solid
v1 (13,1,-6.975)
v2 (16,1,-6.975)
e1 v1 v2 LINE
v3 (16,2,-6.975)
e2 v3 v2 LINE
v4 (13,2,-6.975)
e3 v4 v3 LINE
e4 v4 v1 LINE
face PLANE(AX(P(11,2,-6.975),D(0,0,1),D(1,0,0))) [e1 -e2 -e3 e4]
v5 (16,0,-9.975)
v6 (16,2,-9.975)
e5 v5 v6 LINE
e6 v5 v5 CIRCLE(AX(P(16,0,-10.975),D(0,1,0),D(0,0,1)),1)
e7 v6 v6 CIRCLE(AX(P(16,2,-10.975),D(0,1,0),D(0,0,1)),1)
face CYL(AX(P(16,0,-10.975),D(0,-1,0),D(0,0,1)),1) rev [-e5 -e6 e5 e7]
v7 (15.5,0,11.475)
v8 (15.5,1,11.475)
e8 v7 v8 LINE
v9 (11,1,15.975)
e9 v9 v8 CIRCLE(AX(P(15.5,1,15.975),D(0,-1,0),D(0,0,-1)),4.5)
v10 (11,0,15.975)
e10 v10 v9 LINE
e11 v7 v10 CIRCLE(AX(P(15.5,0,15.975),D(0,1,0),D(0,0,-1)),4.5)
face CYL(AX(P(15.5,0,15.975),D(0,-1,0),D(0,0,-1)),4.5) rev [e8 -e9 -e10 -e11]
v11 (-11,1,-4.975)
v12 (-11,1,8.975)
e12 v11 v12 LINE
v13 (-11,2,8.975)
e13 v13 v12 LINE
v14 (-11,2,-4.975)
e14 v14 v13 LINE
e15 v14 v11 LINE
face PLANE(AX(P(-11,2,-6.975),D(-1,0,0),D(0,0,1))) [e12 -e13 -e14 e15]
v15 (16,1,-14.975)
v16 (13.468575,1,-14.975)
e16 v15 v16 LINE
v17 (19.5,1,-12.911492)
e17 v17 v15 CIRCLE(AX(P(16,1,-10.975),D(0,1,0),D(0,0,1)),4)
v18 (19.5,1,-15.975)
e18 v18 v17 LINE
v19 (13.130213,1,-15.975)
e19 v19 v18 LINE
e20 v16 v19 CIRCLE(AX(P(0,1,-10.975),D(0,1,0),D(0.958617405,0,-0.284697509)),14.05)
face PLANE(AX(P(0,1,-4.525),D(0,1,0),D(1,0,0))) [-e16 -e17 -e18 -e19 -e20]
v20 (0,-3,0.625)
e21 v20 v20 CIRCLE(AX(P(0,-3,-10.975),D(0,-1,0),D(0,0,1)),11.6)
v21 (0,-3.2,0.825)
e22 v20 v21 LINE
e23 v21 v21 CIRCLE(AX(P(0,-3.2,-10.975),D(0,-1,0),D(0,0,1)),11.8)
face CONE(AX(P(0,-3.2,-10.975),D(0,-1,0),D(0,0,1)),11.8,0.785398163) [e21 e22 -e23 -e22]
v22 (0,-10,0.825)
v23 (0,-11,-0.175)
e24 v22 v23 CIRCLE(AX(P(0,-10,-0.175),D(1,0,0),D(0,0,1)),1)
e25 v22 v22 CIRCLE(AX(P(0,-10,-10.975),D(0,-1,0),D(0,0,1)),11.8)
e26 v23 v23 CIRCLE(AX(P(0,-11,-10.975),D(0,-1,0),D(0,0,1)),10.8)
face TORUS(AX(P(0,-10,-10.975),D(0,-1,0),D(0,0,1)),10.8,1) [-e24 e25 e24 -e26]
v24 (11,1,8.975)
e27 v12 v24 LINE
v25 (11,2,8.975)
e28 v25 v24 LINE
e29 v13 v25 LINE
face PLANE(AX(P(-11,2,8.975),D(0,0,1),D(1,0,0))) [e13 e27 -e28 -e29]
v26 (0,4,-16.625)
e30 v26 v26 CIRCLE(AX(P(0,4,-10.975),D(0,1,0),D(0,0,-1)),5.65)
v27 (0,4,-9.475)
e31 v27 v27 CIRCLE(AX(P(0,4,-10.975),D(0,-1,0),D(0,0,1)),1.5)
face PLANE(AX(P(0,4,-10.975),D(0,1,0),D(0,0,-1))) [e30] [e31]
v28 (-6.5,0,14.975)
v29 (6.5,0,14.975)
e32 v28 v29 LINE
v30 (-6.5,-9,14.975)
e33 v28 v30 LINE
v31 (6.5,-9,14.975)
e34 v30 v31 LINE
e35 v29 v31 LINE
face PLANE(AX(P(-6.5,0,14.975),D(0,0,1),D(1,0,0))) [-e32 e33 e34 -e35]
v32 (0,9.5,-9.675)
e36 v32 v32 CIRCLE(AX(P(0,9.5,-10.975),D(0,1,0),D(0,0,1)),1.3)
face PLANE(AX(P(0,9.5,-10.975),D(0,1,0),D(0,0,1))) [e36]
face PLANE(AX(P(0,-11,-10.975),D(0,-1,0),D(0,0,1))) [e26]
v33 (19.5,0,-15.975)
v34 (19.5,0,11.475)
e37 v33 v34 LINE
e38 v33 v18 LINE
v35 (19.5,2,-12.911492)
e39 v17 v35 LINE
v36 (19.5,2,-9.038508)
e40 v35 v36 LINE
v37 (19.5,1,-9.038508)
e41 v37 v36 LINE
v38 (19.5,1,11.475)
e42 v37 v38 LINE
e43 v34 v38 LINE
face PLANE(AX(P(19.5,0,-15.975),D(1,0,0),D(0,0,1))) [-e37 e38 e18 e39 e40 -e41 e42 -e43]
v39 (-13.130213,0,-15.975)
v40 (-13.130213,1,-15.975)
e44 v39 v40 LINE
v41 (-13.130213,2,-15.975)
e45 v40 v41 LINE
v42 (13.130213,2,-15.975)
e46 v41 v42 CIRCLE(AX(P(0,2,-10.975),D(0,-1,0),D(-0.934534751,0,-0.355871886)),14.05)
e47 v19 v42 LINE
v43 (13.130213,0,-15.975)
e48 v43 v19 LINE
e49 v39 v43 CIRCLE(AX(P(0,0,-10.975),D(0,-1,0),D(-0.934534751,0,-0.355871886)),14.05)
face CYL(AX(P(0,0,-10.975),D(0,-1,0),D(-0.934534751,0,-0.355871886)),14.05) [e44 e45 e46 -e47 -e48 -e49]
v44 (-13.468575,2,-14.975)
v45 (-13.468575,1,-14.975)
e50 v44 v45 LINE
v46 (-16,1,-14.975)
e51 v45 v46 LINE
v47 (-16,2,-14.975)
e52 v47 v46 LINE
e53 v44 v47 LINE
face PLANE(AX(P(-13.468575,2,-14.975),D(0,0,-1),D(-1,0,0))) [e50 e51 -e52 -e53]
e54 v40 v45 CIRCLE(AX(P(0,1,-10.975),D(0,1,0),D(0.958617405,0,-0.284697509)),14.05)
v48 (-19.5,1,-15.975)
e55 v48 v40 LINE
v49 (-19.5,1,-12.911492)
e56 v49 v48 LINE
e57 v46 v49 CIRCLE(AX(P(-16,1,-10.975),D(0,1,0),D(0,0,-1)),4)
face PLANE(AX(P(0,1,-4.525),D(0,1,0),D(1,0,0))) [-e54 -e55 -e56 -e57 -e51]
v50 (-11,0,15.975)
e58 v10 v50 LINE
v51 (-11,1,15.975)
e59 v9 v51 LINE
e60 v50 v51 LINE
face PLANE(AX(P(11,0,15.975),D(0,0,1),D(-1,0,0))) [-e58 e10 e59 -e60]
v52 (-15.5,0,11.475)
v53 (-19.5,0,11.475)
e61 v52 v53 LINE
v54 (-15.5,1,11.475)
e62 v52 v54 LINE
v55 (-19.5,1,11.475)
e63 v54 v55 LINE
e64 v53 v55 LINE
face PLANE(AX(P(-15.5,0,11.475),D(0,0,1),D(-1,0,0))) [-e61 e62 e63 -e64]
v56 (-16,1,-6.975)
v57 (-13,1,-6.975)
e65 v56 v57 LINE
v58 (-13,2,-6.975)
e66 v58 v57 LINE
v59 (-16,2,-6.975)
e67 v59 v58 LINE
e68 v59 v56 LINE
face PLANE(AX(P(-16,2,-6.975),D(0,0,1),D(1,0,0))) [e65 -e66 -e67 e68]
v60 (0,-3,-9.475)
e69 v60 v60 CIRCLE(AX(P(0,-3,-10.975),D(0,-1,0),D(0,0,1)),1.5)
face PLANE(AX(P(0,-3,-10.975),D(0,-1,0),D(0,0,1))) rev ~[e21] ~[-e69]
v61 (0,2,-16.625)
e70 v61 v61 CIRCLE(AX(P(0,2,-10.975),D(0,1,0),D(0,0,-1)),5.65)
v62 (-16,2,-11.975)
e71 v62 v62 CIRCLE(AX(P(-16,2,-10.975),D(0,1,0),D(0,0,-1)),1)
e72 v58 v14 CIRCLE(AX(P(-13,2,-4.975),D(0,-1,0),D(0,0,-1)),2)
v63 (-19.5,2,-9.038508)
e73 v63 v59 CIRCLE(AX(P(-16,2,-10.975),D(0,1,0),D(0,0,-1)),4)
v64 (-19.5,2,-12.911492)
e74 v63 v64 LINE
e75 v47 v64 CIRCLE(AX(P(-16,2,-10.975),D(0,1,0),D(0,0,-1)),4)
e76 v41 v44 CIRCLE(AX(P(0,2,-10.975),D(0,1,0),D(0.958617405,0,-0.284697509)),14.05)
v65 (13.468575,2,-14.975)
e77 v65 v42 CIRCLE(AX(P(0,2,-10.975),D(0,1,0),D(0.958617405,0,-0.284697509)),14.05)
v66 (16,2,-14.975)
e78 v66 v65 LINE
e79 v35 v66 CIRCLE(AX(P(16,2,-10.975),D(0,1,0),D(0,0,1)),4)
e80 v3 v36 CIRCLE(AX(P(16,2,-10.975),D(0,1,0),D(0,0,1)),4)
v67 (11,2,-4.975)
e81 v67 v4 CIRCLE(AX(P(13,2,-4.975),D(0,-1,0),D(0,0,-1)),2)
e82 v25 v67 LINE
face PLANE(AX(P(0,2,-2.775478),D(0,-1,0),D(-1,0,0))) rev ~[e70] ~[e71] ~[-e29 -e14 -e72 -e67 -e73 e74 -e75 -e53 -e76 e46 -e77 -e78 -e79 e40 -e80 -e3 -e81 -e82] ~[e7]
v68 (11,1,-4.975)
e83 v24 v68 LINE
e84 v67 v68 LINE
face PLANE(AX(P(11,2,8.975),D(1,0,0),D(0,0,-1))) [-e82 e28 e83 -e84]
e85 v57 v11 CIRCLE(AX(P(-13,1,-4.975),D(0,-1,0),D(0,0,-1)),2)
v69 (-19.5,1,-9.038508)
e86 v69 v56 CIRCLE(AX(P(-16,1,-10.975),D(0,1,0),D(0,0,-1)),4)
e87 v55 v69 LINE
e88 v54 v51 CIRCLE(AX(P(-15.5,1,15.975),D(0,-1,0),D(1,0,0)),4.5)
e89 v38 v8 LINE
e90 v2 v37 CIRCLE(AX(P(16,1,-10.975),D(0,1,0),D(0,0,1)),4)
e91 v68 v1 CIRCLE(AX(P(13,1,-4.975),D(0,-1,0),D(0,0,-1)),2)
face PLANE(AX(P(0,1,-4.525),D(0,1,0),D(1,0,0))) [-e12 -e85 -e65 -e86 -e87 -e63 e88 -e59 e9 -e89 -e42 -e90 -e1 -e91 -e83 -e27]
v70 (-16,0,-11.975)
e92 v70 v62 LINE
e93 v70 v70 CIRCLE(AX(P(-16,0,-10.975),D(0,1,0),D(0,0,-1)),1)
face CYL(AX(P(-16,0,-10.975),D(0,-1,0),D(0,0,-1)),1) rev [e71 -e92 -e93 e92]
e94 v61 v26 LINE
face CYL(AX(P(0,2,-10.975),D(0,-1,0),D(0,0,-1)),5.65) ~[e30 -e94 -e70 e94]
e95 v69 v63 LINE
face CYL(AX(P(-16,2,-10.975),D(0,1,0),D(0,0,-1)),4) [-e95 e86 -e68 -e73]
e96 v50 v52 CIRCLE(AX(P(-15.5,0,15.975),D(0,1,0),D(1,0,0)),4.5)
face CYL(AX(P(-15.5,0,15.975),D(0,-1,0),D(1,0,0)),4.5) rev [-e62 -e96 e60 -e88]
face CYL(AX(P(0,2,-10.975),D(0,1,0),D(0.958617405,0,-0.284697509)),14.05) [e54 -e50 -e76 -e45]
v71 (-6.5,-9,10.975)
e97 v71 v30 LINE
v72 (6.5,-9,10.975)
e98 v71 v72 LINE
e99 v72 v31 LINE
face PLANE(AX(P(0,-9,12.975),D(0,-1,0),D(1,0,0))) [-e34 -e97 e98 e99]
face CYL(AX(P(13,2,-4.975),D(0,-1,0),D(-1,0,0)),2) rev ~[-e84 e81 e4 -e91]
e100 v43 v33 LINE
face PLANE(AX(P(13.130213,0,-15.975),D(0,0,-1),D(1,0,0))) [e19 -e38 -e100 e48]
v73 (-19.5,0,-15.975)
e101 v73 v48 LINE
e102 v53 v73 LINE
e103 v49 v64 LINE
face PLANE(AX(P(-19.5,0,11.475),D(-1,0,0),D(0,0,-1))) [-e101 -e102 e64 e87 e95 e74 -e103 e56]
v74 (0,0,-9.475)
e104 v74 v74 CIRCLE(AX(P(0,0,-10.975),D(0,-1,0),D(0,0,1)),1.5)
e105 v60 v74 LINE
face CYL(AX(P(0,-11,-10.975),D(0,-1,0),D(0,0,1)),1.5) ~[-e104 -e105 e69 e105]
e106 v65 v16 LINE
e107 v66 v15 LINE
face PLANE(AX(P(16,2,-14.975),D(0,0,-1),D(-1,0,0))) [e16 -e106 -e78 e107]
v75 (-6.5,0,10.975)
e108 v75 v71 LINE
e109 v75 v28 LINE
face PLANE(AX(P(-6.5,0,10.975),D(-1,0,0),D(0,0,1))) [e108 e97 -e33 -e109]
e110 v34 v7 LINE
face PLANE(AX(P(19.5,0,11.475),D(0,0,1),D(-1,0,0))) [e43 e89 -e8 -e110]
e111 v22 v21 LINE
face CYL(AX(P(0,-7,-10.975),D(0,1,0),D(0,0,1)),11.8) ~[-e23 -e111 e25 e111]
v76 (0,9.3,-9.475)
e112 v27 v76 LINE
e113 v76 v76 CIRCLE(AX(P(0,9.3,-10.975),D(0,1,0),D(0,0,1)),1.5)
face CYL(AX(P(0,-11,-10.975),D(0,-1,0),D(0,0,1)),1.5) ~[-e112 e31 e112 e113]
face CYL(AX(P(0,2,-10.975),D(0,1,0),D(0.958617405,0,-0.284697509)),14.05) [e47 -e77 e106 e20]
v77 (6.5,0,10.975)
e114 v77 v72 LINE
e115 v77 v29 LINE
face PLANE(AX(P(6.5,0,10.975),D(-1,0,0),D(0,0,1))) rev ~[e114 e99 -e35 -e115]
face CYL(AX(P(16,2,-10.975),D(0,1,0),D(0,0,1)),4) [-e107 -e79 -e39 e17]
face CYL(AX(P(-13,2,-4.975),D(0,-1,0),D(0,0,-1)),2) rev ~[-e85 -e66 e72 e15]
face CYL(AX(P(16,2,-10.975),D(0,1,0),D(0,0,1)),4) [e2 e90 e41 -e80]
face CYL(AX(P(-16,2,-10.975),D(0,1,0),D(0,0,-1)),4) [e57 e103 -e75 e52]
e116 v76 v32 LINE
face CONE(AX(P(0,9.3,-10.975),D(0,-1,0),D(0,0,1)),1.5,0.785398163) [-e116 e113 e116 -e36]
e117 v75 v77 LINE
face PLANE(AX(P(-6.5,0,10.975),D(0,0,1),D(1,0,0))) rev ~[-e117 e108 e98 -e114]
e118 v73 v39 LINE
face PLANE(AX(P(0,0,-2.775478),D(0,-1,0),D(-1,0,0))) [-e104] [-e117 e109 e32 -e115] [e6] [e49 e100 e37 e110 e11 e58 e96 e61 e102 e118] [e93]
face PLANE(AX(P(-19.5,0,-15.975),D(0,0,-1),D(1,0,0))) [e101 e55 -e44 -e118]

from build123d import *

# Parameters (mm, degrees)
SKETCH_1_R           = 1
EXTRUDE_1_DEPTH      = 2
SKETCH_2_R           = 5.65
EXTRUDE_2_DEPTH      = 2
EXTRUDE_3_DEPTH      = 5.5
EXTRUDE_3_DEPTH_BACK = 15
SKETCH_3_R           = 1.5
SKETCH_4_W           = 11.8
SKETCH_4_H           = 8
FILLET_1_R           = 1
SKETCH_5_OUTSIDE_W   = 53.038
SKETCH_5_OUTSIDE_H   = 55.038
CUT_EXTRUDE_4_DEPTH  = 1
FILLET_2_R           = 2
CHAMFER_1_SIZE       = 0.2
SKETCH_6_W           = 13
SKETCH_6_H           = 4
EXTRUDE_4_DEPTH      = 9


with BuildPart() as part:
    # 草图1 → 凸台-拉伸1 (new body)
    with BuildSketch(Plane(origin=(0, 0, 0), x_dir=(1, 0, 0), z_dir=(0, 1, 0))):
        with BuildLine():
            Line((-19.5, 15.975), (-13.13021325, 15.975))
            ThreePointArc((-13.13021325, 15.975), (0, 25.025), (13.13021325, 15.975))
            Line((13.13021325, 15.975), (19.5, 15.975))
            Line((19.5, 15.975), (19.5, -11.475))
            Line((19.5, -11.475), (15.5, -11.475))
            ThreePointArc((15.5, -11.475), (12.318019485, -12.793019485), (11, -15.975))
            Line((11, -15.975), (-11, -15.975))
            ThreePointArc((-11, -15.975), (-12.318019485, -12.793019485), (-15.5, -11.475))
            Line((-15.5, -11.475), (-19.5, -11.475))
            Line((-19.5, -11.475), (-19.5, 15.975))
        make_face()
        with Locations(Location((16, 10.975, 0), (0, 0, 270))):
            Circle(SKETCH_1_R, mode=Mode.SUBTRACT)
        with Locations(Location((-16, 10.975, 0), (0, 0, 90))):
            Circle(SKETCH_1_R, mode=Mode.SUBTRACT)
    extrude(amount=EXTRUDE_1_DEPTH)

    # 草图2 → 凸台-拉伸2 (add)
    with BuildSketch(Plane(origin=(0, 2, 0), x_dir=(1, 0, 0), z_dir=(0, 1, 0))):
        with Locations(Location((0, 10.975, 0), (0, 0, 90))):
            Circle(SKETCH_2_R)
    extrude(amount=EXTRUDE_2_DEPTH)

    # 草图3 → 凸台-拉伸3 (add, two sides: drawn at the far end of the back side and taken through both)
    with BuildSketch(Plane(origin=(0, 4, 0), x_dir=(1, 0, 0), z_dir=(0, 1, 0)).offset(-EXTRUDE_3_DEPTH_BACK)):
        with Locations(Location((0, 10.975, 0), (0, 0, 270))):
            Circle(SKETCH_3_R)
    extrude(amount=EXTRUDE_3_DEPTH + EXTRUDE_3_DEPTH_BACK)

    # 草图4 → 旋转1 (revolve)
    with BuildSketch(Plane(origin=(0, 0, 0), x_dir=(0, 0, -1), z_dir=(1, 0, 0))):
        with Locations((5.075, -7)):
            Rectangle(SKETCH_4_W, SKETCH_4_H)
    revolve(axis=Axis((0, 9.5, -10.975), (0, -1, 0)))

    # 圆角1
    fillet_1_edges = [part.edges().sort_by_distance(p)[0] for p in [
        (0, -11, -22.775),
    ]]
    fillet(fillet_1_edges, radius=FILLET_1_R)

    # 草图5 outside → 切除-拉伸4 (cut)
    with BuildSketch(Plane(origin=(0, 2, 0), x_dir=(1, 0, 0), z_dir=(0, 1, 0))):
        with Locations((0, 4.525)):
            Rectangle(SKETCH_5_OUTSIDE_W, SKETCH_5_OUTSIDE_H)
        with BuildLine():
            Line((-11, -8.975), (11, -8.975))
            Line((11, -8.975), (11, 6.975))
            Line((11, 6.975), (16, 6.975))
            ThreePointArc((16, 6.975), (20, 10.975), (16, 14.975))
            Line((16, 14.975), (13.468574535, 14.975))
            ThreePointArc((13.468574535, 14.975), (0, 25.025), (-13.468574535, 14.975))
            Line((-13.468574535, 14.975), (-16, 14.975))
            ThreePointArc((-16, 14.975), (-20, 10.975), (-16, 6.975))
            Line((-16, 6.975), (-11, 6.975))
            Line((-11, 6.975), (-11, -8.975))
        make_face(mode=Mode.SUBTRACT)
    extrude(amount=-CUT_EXTRUDE_4_DEPTH, mode=Mode.SUBTRACT)

    # 圆角2
    fillet_2_edges = [part.edges().sort_by_distance(p)[0] for p in [
        (-11, 1.5, -6.975),
        (11, 1.5, -6.975),
    ]]
    fillet(fillet_2_edges, radius=FILLET_2_R)

    # 倒角1
    chamfer_1_edges = [part.edges().sort_by_distance(p)[0] for p in [
        (0, 9.5, -12.475),
        (0, -3, -22.775),
    ]]
    chamfer(chamfer_1_edges, length=CHAMFER_1_SIZE)

    # 草图6 → 凸台-拉伸4 (add)
    with BuildSketch(Plane.XZ):
        with Locations((0, 12.975)):
            Rectangle(SKETCH_6_W, SKETCH_6_H)
    extrude(amount=EXTRUDE_4_DEPTH)


solid = part.part
